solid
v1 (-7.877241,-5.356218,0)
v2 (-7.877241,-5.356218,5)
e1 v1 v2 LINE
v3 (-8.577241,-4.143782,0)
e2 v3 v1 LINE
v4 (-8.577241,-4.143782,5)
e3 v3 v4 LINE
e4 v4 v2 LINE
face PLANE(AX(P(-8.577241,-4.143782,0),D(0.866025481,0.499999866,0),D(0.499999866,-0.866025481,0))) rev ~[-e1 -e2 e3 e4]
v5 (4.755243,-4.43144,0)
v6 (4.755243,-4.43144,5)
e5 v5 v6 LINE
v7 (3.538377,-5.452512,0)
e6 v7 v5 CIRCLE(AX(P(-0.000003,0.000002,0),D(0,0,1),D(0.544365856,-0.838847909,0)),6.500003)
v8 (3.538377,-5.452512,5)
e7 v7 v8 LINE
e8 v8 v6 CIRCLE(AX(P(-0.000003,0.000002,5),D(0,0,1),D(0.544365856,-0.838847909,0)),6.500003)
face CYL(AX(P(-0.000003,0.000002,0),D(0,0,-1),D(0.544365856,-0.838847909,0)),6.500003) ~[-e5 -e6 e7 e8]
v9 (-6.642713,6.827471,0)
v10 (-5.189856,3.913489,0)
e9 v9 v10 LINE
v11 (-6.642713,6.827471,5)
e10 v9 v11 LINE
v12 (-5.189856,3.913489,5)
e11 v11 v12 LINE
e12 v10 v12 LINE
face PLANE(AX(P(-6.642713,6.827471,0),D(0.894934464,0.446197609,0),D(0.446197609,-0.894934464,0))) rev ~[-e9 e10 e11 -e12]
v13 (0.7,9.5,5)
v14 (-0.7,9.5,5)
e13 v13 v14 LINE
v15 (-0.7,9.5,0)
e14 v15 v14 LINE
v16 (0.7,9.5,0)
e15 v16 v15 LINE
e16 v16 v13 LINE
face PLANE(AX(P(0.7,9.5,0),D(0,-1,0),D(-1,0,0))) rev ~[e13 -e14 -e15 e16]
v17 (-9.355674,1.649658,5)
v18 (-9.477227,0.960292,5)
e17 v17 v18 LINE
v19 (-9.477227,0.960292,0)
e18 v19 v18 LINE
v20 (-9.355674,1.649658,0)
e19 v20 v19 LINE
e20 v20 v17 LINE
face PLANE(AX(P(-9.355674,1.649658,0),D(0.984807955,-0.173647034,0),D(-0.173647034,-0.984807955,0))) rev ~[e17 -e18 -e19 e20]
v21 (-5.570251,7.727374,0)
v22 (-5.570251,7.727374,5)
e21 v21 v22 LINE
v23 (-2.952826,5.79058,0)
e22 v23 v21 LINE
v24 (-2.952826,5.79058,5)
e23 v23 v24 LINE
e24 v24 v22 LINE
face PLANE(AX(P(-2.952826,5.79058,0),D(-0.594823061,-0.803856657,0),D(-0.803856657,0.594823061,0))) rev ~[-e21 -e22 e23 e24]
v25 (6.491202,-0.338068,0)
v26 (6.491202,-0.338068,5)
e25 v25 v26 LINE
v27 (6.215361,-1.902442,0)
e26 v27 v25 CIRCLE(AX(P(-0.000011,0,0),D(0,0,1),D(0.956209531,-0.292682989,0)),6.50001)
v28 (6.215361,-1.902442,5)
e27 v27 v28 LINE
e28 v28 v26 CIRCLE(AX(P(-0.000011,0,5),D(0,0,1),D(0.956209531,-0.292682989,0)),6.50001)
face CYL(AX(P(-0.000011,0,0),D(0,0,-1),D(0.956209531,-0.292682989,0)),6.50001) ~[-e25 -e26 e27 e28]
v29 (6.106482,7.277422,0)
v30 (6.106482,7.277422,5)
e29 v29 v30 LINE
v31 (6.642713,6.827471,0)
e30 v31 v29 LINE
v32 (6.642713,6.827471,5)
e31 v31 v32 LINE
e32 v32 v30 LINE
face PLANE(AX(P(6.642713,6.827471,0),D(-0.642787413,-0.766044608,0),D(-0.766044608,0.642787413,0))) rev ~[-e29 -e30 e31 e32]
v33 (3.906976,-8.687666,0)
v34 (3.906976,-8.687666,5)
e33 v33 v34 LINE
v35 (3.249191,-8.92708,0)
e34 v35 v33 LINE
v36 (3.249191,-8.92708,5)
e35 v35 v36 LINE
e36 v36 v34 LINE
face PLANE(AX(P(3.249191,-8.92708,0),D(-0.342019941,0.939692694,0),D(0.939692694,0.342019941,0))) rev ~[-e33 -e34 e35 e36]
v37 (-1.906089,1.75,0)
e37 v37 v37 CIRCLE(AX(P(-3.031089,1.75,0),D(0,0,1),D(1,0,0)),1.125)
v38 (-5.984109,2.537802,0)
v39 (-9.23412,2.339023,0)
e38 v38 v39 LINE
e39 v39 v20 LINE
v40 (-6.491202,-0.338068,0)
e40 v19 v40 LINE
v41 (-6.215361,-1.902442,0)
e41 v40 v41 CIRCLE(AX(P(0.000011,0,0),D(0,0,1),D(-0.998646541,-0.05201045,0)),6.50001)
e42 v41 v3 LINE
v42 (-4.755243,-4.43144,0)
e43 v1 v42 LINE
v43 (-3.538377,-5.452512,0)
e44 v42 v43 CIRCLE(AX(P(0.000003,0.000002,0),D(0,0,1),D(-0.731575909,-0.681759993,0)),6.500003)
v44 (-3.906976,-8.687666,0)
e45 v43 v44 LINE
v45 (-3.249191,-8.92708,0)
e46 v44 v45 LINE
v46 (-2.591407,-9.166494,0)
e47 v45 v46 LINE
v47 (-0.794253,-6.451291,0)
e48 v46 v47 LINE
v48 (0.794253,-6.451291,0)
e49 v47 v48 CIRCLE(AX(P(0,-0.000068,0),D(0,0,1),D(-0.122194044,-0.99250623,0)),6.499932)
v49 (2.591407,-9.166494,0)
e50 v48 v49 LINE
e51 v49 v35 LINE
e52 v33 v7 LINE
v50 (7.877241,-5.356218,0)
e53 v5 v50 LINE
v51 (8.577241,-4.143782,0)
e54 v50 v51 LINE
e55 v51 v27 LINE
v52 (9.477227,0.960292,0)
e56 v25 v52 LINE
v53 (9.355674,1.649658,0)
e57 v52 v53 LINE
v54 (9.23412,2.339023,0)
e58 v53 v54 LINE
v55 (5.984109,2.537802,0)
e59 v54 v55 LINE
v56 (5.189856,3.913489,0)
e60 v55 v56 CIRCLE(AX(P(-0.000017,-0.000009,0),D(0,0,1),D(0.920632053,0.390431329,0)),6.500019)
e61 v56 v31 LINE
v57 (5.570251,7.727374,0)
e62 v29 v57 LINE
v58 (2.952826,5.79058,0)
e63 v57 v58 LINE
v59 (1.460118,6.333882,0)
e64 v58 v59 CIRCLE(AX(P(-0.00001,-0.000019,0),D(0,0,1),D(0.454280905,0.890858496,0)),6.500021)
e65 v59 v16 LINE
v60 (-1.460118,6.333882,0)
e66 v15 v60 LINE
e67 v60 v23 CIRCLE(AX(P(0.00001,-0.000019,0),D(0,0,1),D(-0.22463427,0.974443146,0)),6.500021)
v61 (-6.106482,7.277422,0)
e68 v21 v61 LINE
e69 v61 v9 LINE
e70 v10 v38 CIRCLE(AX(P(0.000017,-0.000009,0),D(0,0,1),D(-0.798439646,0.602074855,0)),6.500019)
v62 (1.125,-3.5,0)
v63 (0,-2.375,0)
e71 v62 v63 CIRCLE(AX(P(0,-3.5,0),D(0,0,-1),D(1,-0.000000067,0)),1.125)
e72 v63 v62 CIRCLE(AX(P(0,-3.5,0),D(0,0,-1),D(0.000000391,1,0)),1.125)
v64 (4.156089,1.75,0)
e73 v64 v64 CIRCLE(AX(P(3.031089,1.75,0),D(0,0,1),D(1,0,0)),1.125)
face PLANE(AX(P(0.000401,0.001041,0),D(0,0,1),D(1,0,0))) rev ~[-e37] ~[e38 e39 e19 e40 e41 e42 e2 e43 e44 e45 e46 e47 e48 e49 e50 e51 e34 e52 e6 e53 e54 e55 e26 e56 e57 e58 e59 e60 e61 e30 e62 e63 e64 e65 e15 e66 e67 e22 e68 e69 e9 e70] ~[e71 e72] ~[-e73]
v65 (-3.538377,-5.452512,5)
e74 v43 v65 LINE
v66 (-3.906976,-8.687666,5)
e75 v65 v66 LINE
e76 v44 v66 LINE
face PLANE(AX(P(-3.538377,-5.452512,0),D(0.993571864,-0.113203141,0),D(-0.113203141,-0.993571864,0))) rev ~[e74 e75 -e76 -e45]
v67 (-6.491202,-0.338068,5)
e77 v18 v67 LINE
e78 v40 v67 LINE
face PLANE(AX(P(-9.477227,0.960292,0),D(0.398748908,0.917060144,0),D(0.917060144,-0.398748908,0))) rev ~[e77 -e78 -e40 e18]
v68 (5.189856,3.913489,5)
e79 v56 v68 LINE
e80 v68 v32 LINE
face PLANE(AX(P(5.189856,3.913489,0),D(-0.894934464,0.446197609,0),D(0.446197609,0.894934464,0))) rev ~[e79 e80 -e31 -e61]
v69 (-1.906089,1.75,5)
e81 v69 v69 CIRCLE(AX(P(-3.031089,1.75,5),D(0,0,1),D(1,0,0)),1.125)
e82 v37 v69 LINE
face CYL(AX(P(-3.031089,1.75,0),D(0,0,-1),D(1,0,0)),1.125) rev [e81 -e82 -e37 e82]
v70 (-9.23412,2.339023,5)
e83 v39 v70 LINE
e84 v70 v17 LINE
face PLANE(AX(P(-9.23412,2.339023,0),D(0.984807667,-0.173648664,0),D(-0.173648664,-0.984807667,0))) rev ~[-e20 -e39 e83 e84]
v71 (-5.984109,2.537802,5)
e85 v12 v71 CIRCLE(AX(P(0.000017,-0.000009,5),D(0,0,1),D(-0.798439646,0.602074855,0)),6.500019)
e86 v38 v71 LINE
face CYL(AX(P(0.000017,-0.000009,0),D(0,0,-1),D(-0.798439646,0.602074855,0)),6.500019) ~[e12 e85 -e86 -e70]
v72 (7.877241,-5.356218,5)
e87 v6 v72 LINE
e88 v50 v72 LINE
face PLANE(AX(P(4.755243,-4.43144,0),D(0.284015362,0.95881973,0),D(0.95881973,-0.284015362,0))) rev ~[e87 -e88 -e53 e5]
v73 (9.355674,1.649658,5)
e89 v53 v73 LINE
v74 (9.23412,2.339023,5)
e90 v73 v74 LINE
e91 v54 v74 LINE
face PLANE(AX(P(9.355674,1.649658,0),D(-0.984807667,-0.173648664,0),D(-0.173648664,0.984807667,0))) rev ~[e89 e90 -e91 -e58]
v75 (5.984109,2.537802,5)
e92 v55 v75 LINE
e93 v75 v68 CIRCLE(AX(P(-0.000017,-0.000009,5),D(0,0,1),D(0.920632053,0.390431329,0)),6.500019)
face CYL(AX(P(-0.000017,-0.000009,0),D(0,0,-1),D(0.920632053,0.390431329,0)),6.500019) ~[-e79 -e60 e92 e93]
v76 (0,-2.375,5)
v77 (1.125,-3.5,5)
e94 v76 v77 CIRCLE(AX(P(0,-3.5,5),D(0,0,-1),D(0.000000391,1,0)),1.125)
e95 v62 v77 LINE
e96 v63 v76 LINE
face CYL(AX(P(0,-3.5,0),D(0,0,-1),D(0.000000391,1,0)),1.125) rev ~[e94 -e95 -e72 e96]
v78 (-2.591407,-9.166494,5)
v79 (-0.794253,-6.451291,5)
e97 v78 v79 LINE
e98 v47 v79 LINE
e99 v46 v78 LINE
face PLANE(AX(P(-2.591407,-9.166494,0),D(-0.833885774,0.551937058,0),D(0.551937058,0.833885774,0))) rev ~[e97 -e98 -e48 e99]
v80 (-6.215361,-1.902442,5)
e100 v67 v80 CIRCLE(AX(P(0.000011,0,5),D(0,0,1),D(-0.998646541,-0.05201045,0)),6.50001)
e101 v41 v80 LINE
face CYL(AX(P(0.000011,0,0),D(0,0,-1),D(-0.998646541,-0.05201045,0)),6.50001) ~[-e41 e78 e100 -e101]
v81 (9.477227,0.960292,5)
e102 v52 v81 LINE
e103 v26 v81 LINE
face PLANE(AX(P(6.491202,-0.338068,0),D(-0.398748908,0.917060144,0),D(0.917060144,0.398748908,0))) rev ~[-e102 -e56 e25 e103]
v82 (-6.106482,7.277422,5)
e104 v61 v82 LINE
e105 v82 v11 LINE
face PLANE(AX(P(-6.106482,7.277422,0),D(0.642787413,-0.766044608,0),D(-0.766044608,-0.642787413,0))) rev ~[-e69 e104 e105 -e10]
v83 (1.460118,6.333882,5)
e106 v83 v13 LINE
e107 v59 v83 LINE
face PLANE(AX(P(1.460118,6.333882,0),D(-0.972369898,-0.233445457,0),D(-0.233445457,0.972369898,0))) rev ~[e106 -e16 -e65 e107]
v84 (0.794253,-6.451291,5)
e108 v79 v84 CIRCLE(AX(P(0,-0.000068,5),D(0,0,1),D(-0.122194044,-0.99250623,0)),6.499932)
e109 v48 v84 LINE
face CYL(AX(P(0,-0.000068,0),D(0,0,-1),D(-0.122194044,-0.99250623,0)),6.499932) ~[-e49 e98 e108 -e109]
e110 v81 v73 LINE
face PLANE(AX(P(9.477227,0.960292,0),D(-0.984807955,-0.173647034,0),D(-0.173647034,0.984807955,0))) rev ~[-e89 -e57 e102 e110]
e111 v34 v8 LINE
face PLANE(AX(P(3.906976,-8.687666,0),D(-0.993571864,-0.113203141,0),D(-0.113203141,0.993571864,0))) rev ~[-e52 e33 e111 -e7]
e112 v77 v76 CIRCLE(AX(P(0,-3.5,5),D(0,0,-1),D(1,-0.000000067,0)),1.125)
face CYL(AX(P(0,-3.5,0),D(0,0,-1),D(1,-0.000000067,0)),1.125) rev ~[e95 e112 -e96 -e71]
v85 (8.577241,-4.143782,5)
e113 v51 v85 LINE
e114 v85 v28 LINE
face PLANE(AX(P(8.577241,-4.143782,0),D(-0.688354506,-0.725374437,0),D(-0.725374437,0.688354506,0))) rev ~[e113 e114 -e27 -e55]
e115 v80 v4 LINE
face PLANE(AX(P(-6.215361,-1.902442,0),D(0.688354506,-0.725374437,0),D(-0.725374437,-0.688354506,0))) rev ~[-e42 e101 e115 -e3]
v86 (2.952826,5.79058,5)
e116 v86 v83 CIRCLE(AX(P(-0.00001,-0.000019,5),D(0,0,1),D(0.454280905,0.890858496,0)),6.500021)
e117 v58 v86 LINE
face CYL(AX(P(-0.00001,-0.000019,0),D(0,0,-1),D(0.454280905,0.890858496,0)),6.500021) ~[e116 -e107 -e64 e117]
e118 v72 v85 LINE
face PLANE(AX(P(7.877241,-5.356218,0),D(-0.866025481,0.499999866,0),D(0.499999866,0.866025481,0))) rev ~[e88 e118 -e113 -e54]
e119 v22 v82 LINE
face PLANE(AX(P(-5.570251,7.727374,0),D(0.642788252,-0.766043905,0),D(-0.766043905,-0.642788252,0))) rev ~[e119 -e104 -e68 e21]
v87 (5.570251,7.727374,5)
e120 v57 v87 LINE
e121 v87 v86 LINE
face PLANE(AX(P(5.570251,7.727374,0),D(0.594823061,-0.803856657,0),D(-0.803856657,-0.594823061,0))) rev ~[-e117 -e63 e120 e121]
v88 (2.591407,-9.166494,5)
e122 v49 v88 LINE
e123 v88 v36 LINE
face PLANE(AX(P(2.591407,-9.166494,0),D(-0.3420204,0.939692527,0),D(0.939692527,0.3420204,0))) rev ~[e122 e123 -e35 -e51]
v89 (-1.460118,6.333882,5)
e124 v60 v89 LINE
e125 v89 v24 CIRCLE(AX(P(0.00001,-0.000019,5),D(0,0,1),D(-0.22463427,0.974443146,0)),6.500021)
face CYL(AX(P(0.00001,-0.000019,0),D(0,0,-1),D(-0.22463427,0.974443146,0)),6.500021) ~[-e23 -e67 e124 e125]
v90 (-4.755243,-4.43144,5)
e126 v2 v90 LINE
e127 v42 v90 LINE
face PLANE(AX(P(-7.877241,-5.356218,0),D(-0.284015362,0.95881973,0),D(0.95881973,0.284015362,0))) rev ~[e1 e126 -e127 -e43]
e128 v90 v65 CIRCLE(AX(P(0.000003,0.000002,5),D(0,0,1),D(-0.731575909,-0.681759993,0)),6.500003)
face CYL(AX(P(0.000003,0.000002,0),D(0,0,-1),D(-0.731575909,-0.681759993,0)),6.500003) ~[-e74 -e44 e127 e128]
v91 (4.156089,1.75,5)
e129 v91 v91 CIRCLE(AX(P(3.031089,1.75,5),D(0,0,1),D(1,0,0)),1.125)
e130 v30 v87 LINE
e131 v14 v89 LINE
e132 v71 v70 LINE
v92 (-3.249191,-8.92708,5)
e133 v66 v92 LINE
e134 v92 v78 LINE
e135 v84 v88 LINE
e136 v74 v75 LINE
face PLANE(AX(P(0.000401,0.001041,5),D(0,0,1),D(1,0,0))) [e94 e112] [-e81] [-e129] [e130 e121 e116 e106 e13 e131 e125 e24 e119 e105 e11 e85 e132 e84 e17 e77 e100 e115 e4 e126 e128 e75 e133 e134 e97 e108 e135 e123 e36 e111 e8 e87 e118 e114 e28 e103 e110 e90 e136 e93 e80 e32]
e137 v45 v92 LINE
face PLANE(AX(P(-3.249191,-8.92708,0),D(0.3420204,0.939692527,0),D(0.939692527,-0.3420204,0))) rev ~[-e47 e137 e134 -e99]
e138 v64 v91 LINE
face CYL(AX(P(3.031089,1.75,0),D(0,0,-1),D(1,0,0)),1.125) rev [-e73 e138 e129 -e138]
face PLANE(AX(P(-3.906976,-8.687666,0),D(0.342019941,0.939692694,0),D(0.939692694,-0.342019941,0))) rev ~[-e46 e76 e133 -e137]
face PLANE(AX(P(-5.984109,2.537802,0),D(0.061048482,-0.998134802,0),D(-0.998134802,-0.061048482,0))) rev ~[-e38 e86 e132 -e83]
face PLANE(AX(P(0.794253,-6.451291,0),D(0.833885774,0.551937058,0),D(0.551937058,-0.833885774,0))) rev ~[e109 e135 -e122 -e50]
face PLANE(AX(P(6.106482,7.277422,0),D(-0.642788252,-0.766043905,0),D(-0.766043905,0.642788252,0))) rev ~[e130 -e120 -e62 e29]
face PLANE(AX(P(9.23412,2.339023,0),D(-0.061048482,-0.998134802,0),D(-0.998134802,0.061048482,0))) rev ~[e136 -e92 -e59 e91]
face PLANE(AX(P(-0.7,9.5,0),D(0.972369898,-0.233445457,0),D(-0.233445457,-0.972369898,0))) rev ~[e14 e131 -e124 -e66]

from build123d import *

# Parameters (mm, degrees)
F0_R     = 1.125
F1_DEPTH = 5


with BuildPart() as f1:
    # F0 (on Top) → F1 (new body)
    with BuildSketch(Plane.XY):
        with BuildLine():
            ThreePointArc((6.491202, -0.338068), (6.4978, -0.169091), (6.5, 0))
            ThreePointArc((6.5, 0), (6.369722, 1.294854), (5.984109, 2.537802))
            ThreePointArc((5.984109, 2.537802), (5.629165, 3.25), (5.189856, 3.913489))
            ThreePointArc((5.189856, 3.913489), (4.178119, 4.979289), (2.952826, 5.79058))
            ThreePointArc((2.952826, 5.79058), (2.223131, 6.108002), (1.460118, 6.333882))
            ThreePointArc((1.460118, 6.333882), (0.734769, 6.458337), (0, 6.5))
            ThreePointArc((0, 6.5), (-0.734769, 6.458337), (-1.460118, 6.333882))
            ThreePointArc((-1.460118, 6.333882), (-2.223131, 6.108002), (-2.952826, 5.79058))
            ThreePointArc((-2.952826, 5.79058), (-4.178119, 4.979289), (-5.189856, 3.913489))
            ThreePointArc((-5.189856, 3.913489), (-5.629165, 3.25), (-5.984109, 2.537802))
            ThreePointArc((-5.984109, 2.537802), (-6.40125, 1.128713), (-6.491202, -0.338068))
            ThreePointArc((-6.491202, -0.338068), (-6.40125, -1.128713), (-6.215361, -1.902442))
            ThreePointArc((-6.215361, -1.902442), (-5.629165, -3.25), (-4.755243, -4.43144))
            ThreePointArc((-4.755243, -4.43144), (-4.178119, -4.979289), (-3.538377, -5.452512))
            ThreePointArc((-3.538377, -5.452512), (-2.223131, -6.108002), (-0.794253, -6.451291))
            ThreePointArc((-0.794253, -6.451291), (0, -6.5), (0.794253, -6.451291))
            ThreePointArc((0.794253, -6.451291), (2.223131, -6.108002), (3.538377, -5.452512))
            ThreePointArc((3.538377, -5.452512), (4.178119, -4.979289), (4.755243, -4.43144))
            ThreePointArc((4.755243, -4.43144), (5.629165, -3.25), (6.215361, -1.902442))
            ThreePointArc((6.215361, -1.902442), (6.40125, -1.128713), (6.491202, -0.338068))
        make_face()
        with BuildLine():
            ThreePointArc((0, -2.375), (0.795495, -2.704505), (1.125, -3.5))
            ThreePointArc((1.125, -3.5), (-0.795495, -4.295495), (0, -2.375))
        make_face(mode=Mode.SUBTRACT)
        with Locations((-3.031089, 1.75)):
            Circle(F0_R, mode=Mode.SUBTRACT)
        with Locations((3.031089, 1.75)):
            Circle(F0_R, mode=Mode.SUBTRACT)
        with BuildLine():
            Line((-2.591407, -9.166494), (-0.794253, -6.451291))
            ThreePointArc((-0.794253, -6.451291), (-2.223131, -6.108002), (-3.538377, -5.452512))
            Line((-3.538377, -5.452512), (-3.906976, -8.687666))
            Line((-3.906976, -8.687666), (-3.249191, -8.92708))
            Line((-3.249191, -8.92708), (-2.591407, -9.166494))
        make_face()
        with BuildLine():
            Line((3.906976, -8.687666), (3.538377, -5.452512))
            ThreePointArc((3.538377, -5.452512), (2.223131, -6.108002), (0.794253, -6.451291))
            Line((0.794253, -6.451291), (2.591407, -9.166494))
            Line((2.591407, -9.166494), (3.249191, -8.92708))
            Line((3.249191, -8.92708), (3.906976, -8.687666))
        make_face()
        with BuildLine():
            Line((8.577241, -4.143782), (6.215361, -1.902442))
            ThreePointArc((6.215361, -1.902442), (5.629165, -3.25), (4.755243, -4.43144))
            Line((4.755243, -4.43144), (7.877241, -5.356218))
            Line((7.877241, -5.356218), (8.227241, -4.75))
            Line((8.227241, -4.75), (8.577241, -4.143782))
        make_face()
        with BuildLine():
            ThreePointArc((5.984109, 2.537802), (6.369722, 1.294854), (6.5, 0))
            ThreePointArc((6.5, 0), (6.4978, -0.169091), (6.491202, -0.338068))
            Line((6.491202, -0.338068), (9.477227, 0.960292))
            Line((9.477227, 0.960292), (9.355674, 1.649658))
            Line((9.355674, 1.649658), (9.23412, 2.339023))
            Line((9.23412, 2.339023), (5.984109, 2.537802))
        make_face()
        with BuildLine():
            ThreePointArc((2.952826, 5.79058), (4.178119, 4.979289), (5.189856, 3.913489))
            Line((5.189856, 3.913489), (6.642713, 6.827471))
            Line((6.642713, 6.827471), (6.106482, 7.277422))
            Line((6.106482, 7.277422), (5.570251, 7.727374))
            Line((5.570251, 7.727374), (2.952826, 5.79058))
        make_face()
        with BuildLine():
            ThreePointArc((-1.460118, 6.333882), (-0.734769, 6.458337), (0, 6.5))
            Line((0, 6.5), (0, 9.5))
            Line((0, 9.5), (-0.7, 9.5))
            Line((-0.7, 9.5), (-1.460118, 6.333882))
        make_face()
        with BuildLine():
            ThreePointArc((0, 6.5), (0.734769, 6.458337), (1.460118, 6.333882))
            Line((1.460118, 6.333882), (0.7, 9.5))
            Line((0.7, 9.5), (0, 9.5))
            Line((0, 9.5), (0, 6.5))
        make_face()
        with BuildLine():
            ThreePointArc((-5.189856, 3.913489), (-4.178119, 4.979289), (-2.952826, 5.79058))
            Line((-2.952826, 5.79058), (-5.570251, 7.727374))
            Line((-5.570251, 7.727374), (-6.106482, 7.277422))
            Line((-6.106482, 7.277422), (-6.642713, 6.827471))
            Line((-6.642713, 6.827471), (-5.189856, 3.913489))
        make_face()
        with BuildLine():
            ThreePointArc((-6.491202, -0.338068), (-6.40125, 1.128713), (-5.984109, 2.537802))
            Line((-5.984109, 2.537802), (-9.23412, 2.339023))
            Line((-9.23412, 2.339023), (-9.355674, 1.649658))
            Line((-9.355674, 1.649658), (-9.477227, 0.960292))
            Line((-9.477227, 0.960292), (-6.491202, -0.338068))
        make_face()
        with BuildLine():
            Line((-7.877241, -5.356218), (-4.755243, -4.43144))
            ThreePointArc((-4.755243, -4.43144), (-5.629165, -3.25), (-6.215361, -1.902442))
            Line((-6.215361, -1.902442), (-8.577241, -4.143782))
            Line((-8.577241, -4.143782), (-8.227241, -4.75))
            Line((-8.227241, -4.75), (-7.877241, -5.356218))
        make_face()
    extrude(amount=F1_DEPTH)


solid = f1.part
